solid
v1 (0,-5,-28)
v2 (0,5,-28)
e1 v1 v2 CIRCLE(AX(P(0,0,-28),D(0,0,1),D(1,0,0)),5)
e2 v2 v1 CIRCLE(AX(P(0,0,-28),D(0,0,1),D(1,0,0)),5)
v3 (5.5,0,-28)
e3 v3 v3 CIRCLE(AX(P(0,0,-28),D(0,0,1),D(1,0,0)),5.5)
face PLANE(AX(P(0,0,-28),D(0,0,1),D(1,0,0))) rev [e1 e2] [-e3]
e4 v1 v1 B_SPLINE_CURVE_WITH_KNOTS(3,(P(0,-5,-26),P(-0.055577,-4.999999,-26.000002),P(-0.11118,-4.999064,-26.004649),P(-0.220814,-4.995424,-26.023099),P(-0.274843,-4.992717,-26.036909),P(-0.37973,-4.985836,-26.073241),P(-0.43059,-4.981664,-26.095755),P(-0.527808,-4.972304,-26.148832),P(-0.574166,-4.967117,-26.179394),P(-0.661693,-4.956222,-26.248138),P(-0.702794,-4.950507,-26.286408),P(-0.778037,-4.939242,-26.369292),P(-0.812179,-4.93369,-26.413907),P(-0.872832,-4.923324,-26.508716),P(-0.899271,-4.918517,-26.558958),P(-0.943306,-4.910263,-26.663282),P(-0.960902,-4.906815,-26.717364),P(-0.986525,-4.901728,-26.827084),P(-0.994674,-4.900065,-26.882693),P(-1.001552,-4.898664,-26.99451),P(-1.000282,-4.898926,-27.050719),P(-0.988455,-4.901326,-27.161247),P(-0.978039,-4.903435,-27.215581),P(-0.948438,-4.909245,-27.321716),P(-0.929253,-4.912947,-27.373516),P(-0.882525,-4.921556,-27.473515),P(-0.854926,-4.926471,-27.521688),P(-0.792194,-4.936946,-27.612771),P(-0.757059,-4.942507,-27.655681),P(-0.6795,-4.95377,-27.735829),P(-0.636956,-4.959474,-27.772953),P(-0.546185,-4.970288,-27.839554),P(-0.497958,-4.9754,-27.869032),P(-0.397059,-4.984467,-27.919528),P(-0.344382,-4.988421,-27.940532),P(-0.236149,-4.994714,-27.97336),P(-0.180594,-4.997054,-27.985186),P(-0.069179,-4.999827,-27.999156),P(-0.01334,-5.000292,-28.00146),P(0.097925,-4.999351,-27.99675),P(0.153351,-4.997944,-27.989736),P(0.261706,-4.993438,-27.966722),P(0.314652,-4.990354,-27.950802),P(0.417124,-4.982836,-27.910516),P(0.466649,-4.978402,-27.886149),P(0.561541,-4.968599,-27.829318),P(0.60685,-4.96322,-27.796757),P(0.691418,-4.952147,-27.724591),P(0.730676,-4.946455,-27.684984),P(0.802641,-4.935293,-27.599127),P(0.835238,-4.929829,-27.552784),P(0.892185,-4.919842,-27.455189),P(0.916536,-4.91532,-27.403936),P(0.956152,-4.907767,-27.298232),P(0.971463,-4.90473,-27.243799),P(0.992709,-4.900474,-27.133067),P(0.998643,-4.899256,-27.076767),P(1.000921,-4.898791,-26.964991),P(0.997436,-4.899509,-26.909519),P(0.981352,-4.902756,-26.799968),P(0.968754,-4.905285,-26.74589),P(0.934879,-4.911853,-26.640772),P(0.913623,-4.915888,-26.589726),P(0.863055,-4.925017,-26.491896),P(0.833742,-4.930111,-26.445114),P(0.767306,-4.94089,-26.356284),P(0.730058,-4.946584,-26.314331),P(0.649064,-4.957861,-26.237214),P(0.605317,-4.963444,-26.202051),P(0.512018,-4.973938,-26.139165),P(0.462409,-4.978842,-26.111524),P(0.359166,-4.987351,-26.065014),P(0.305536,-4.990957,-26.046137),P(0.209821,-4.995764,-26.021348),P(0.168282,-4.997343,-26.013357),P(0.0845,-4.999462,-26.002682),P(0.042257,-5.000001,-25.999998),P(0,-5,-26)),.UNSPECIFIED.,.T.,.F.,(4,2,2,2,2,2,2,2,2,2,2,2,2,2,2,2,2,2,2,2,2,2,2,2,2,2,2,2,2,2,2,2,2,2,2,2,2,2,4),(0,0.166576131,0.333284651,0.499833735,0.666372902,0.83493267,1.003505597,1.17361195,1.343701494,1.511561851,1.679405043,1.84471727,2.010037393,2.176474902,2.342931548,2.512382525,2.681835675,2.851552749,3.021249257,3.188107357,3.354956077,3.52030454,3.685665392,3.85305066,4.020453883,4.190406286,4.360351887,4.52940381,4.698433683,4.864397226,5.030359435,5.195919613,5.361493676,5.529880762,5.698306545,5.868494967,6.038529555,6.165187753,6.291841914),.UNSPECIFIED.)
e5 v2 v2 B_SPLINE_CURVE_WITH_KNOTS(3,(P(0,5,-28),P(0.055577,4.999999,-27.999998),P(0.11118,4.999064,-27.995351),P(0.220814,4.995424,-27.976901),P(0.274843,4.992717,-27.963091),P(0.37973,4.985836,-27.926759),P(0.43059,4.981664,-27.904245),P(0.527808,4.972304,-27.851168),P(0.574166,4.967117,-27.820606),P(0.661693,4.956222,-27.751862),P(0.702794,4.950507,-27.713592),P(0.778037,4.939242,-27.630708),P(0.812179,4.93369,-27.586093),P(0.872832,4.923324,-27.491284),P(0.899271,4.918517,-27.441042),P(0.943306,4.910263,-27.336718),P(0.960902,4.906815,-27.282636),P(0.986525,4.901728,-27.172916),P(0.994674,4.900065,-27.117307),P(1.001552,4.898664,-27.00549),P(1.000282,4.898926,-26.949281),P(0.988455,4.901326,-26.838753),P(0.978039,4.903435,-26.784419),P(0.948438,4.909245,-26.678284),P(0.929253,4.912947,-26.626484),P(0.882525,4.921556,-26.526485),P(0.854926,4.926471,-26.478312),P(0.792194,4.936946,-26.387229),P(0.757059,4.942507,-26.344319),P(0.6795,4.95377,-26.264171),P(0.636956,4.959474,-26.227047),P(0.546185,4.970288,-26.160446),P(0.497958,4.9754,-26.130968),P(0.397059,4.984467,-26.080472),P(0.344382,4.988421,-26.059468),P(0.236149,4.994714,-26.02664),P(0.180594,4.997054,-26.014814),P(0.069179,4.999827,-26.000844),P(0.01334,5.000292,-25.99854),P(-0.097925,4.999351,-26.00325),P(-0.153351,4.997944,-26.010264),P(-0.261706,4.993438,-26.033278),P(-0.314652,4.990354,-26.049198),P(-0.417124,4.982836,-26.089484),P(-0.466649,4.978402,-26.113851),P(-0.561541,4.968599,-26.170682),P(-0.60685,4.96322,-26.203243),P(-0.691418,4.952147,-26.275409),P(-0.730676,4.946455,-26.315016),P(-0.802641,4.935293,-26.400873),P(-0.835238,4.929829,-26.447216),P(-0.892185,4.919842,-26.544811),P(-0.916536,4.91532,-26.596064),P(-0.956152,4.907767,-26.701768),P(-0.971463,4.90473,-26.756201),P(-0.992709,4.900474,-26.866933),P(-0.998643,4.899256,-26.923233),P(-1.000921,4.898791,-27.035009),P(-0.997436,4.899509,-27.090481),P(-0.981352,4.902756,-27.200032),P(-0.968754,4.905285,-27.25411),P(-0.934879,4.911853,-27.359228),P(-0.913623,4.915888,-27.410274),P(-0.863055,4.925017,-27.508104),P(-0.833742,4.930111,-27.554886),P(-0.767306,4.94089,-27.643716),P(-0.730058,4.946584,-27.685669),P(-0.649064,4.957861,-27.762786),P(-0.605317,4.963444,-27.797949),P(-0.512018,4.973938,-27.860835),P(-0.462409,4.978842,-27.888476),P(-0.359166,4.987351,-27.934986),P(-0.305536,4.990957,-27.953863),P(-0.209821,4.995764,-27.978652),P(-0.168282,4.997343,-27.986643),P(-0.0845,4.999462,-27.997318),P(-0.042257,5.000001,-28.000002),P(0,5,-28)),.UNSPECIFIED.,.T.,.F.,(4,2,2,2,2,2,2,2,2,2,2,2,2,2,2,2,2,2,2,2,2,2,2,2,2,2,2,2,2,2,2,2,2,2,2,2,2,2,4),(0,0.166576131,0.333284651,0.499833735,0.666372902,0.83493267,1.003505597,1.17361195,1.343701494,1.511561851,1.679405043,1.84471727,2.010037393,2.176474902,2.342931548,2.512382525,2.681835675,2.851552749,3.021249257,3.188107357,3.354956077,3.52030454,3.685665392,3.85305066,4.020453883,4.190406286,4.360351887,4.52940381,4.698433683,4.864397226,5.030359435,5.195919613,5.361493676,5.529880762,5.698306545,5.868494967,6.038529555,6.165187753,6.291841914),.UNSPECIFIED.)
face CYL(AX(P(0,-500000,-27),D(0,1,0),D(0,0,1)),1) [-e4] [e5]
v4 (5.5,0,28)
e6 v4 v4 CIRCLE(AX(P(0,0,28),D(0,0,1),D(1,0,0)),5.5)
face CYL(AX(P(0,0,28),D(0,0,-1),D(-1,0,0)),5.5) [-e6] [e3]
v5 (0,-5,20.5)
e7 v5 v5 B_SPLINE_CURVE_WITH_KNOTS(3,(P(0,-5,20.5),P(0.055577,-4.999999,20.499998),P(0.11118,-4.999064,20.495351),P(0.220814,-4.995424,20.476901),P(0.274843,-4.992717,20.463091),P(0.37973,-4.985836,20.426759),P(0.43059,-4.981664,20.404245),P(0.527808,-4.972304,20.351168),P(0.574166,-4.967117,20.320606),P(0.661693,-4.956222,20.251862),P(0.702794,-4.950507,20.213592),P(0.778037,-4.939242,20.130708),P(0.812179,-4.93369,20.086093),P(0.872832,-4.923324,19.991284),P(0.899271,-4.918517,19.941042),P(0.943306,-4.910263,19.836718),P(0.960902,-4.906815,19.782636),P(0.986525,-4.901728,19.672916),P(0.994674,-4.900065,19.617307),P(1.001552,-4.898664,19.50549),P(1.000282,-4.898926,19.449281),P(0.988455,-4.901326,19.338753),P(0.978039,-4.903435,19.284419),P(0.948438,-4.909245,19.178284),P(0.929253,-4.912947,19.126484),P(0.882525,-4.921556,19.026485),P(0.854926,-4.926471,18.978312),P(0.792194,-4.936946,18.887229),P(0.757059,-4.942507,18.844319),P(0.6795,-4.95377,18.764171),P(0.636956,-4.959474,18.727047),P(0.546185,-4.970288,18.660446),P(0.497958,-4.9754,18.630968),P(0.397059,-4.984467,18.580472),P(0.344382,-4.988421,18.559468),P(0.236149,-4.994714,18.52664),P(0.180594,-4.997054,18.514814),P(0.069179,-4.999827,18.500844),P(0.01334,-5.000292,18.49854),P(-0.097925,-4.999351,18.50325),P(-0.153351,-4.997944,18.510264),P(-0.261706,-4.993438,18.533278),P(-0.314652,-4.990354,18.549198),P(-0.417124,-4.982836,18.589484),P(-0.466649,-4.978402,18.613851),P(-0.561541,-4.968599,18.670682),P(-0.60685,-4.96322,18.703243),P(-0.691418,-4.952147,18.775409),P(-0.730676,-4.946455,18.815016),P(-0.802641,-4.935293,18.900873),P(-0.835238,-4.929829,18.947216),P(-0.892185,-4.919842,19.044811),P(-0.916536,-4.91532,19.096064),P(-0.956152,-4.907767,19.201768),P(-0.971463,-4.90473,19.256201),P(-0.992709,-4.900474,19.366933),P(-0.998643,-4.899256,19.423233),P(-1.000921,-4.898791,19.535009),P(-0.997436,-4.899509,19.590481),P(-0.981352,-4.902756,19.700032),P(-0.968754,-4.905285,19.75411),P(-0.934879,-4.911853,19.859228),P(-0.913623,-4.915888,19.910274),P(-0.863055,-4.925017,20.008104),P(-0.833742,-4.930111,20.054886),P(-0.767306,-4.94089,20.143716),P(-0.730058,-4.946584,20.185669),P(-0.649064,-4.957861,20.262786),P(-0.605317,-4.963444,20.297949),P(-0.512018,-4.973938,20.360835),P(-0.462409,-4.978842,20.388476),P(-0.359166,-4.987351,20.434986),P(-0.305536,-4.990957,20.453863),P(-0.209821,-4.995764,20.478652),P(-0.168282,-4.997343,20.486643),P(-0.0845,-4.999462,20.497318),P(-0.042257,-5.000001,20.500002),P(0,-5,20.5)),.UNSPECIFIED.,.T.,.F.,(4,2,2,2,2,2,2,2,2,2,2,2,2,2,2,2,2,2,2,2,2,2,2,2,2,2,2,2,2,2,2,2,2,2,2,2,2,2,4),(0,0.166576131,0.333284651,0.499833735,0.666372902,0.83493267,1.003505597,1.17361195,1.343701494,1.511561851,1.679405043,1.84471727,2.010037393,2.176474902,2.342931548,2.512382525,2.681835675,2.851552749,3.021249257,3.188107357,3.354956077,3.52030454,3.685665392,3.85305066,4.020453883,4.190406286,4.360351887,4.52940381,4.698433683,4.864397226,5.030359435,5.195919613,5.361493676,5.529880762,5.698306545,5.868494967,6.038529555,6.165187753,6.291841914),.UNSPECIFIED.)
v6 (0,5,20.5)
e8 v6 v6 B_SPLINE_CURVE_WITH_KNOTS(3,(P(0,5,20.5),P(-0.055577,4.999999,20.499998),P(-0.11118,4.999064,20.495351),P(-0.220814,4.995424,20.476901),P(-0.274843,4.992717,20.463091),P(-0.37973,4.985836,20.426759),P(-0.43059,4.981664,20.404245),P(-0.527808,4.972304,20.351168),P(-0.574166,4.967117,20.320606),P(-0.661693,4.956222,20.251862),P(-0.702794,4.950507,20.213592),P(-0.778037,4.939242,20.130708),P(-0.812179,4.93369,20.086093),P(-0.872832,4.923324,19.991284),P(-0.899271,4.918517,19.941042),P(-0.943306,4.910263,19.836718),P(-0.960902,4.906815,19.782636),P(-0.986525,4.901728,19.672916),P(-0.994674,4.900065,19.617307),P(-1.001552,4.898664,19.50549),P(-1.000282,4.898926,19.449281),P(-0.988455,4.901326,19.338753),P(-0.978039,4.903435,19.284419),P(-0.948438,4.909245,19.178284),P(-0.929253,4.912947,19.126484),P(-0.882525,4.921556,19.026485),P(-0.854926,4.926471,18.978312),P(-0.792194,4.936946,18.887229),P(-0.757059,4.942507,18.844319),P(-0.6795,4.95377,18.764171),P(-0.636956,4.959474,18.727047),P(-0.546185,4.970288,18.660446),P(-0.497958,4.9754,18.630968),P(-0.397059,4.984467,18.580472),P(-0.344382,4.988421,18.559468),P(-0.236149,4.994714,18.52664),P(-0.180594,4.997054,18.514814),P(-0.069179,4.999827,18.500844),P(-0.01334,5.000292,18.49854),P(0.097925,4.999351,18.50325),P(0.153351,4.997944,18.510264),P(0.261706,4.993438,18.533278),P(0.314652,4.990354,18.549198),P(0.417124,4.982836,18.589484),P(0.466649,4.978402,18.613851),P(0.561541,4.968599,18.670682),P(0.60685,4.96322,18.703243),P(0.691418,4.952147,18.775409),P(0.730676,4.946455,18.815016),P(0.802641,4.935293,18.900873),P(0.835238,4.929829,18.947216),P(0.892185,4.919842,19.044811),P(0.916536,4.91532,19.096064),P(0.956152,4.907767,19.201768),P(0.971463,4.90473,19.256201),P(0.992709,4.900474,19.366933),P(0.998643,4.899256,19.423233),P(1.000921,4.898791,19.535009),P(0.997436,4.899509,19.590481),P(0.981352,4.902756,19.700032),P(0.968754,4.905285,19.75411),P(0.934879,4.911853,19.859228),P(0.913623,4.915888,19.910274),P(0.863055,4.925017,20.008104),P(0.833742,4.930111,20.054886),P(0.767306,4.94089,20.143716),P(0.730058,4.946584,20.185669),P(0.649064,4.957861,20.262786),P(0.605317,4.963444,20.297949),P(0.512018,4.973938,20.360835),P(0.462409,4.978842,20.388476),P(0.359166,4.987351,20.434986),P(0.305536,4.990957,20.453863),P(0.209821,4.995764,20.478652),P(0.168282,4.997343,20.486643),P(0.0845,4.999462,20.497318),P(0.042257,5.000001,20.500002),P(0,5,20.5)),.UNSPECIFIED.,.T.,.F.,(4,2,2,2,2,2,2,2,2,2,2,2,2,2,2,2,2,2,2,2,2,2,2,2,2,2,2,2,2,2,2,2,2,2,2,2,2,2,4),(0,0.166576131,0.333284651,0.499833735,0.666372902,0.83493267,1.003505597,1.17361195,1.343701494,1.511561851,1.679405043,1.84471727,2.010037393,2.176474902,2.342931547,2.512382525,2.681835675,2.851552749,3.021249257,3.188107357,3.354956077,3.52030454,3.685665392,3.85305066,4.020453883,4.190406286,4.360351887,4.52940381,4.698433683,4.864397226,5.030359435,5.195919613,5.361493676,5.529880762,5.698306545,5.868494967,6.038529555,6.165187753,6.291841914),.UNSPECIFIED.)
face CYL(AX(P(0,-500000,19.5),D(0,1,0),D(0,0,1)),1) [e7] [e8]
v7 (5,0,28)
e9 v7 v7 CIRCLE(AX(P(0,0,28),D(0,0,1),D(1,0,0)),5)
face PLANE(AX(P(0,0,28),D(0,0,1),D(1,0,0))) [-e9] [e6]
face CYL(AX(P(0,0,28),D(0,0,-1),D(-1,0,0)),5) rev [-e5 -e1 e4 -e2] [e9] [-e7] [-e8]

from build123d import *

# Parameters (mm, degrees)
ESQUISSE1_R                    = 5.5
ESQUISSE1_R_2                  = 5
BOSS_EXTRU_1_DEPTH             = 28
BOSS_EXTRU_2_REACH             = 7.5
ESQUISSE2_R                    = 1
BOSS_EXTRU_2_DIRECTION_2_REACH = 7.5


with BuildPart() as part:
    # Esquisse1 → Boss.-Extru.1 (new body, symmetric)
    with BuildSketch(Plane.XY):
        Circle(ESQUISSE1_R)
        Circle(ESQUISSE1_R_2, mode=Mode.SUBTRACT)
    extrude(amount=BOSS_EXTRU_1_DEPTH, both=True)

    # Esquisse2 → Boss.-Extru.2 (add, up to next)
    with BuildSketch(Plane(origin=(0, 0, 0), x_dir=(1, 0, 0), z_dir=(0, 1, 0)), mode=Mode.PRIVATE) as boss_extru_2_sk1:
        with Locations((0, -19.5)):
            Circle(ESQUISSE2_R)
    boss_extru_2_tool1 = extrude(boss_extru_2_sk1.sketch, amount=BOSS_EXTRU_2_REACH, mode=Mode.PRIVATE) - part.part
    add(boss_extru_2_tool1.solids().sort_by_distance((0, 0, 19.5))[0])
    # Esquisse2 → Boss.-Extru.2 (add, up to next)
    with BuildSketch(Plane(origin=(0, 0, 0), x_dir=(1, 0, 0), z_dir=(0, 1, 0)), mode=Mode.PRIVATE) as boss_extru_2_sk2:
        with Locations((0, 27)):
            Circle(ESQUISSE2_R)
    boss_extru_2_tool2 = extrude(boss_extru_2_sk2.sketch, amount=BOSS_EXTRU_2_REACH, mode=Mode.PRIVATE) - part.part
    add(boss_extru_2_tool2.solids().sort_by_distance((0, 0, -27))[0])

    # Esquisse2 → Boss.-Extru.2 direction 2 (add, up to next)
    with BuildSketch(Plane(origin=(0, 0, 0), x_dir=(1, 0, 0), z_dir=(0, 1, 0)), mode=Mode.PRIVATE) as boss_extru_2_direction_2_sk1:
        with Locations((0, -19.5)):
            Circle(ESQUISSE2_R)
    boss_extru_2_direction_2_tool1 = extrude(boss_extru_2_direction_2_sk1.sketch, amount=-BOSS_EXTRU_2_DIRECTION_2_REACH, mode=Mode.PRIVATE) - part.part
    add(boss_extru_2_direction_2_tool1.solids().sort_by_distance((0, 0, 19.5))[0])
    # Esquisse2 → Boss.-Extru.2 direction 2 (add, up to next)
    with BuildSketch(Plane(origin=(0, 0, 0), x_dir=(1, 0, 0), z_dir=(0, 1, 0)), mode=Mode.PRIVATE) as boss_extru_2_direction_2_sk2:
        with Locations((0, 27)):
            Circle(ESQUISSE2_R)
    boss_extru_2_direction_2_tool2 = extrude(boss_extru_2_direction_2_sk2.sketch, amount=-BOSS_EXTRU_2_DIRECTION_2_REACH, mode=Mode.PRIVATE) - part.part
    add(boss_extru_2_direction_2_tool2.solids().sort_by_distance((0, 0, -27))[0])


solid = part.part
